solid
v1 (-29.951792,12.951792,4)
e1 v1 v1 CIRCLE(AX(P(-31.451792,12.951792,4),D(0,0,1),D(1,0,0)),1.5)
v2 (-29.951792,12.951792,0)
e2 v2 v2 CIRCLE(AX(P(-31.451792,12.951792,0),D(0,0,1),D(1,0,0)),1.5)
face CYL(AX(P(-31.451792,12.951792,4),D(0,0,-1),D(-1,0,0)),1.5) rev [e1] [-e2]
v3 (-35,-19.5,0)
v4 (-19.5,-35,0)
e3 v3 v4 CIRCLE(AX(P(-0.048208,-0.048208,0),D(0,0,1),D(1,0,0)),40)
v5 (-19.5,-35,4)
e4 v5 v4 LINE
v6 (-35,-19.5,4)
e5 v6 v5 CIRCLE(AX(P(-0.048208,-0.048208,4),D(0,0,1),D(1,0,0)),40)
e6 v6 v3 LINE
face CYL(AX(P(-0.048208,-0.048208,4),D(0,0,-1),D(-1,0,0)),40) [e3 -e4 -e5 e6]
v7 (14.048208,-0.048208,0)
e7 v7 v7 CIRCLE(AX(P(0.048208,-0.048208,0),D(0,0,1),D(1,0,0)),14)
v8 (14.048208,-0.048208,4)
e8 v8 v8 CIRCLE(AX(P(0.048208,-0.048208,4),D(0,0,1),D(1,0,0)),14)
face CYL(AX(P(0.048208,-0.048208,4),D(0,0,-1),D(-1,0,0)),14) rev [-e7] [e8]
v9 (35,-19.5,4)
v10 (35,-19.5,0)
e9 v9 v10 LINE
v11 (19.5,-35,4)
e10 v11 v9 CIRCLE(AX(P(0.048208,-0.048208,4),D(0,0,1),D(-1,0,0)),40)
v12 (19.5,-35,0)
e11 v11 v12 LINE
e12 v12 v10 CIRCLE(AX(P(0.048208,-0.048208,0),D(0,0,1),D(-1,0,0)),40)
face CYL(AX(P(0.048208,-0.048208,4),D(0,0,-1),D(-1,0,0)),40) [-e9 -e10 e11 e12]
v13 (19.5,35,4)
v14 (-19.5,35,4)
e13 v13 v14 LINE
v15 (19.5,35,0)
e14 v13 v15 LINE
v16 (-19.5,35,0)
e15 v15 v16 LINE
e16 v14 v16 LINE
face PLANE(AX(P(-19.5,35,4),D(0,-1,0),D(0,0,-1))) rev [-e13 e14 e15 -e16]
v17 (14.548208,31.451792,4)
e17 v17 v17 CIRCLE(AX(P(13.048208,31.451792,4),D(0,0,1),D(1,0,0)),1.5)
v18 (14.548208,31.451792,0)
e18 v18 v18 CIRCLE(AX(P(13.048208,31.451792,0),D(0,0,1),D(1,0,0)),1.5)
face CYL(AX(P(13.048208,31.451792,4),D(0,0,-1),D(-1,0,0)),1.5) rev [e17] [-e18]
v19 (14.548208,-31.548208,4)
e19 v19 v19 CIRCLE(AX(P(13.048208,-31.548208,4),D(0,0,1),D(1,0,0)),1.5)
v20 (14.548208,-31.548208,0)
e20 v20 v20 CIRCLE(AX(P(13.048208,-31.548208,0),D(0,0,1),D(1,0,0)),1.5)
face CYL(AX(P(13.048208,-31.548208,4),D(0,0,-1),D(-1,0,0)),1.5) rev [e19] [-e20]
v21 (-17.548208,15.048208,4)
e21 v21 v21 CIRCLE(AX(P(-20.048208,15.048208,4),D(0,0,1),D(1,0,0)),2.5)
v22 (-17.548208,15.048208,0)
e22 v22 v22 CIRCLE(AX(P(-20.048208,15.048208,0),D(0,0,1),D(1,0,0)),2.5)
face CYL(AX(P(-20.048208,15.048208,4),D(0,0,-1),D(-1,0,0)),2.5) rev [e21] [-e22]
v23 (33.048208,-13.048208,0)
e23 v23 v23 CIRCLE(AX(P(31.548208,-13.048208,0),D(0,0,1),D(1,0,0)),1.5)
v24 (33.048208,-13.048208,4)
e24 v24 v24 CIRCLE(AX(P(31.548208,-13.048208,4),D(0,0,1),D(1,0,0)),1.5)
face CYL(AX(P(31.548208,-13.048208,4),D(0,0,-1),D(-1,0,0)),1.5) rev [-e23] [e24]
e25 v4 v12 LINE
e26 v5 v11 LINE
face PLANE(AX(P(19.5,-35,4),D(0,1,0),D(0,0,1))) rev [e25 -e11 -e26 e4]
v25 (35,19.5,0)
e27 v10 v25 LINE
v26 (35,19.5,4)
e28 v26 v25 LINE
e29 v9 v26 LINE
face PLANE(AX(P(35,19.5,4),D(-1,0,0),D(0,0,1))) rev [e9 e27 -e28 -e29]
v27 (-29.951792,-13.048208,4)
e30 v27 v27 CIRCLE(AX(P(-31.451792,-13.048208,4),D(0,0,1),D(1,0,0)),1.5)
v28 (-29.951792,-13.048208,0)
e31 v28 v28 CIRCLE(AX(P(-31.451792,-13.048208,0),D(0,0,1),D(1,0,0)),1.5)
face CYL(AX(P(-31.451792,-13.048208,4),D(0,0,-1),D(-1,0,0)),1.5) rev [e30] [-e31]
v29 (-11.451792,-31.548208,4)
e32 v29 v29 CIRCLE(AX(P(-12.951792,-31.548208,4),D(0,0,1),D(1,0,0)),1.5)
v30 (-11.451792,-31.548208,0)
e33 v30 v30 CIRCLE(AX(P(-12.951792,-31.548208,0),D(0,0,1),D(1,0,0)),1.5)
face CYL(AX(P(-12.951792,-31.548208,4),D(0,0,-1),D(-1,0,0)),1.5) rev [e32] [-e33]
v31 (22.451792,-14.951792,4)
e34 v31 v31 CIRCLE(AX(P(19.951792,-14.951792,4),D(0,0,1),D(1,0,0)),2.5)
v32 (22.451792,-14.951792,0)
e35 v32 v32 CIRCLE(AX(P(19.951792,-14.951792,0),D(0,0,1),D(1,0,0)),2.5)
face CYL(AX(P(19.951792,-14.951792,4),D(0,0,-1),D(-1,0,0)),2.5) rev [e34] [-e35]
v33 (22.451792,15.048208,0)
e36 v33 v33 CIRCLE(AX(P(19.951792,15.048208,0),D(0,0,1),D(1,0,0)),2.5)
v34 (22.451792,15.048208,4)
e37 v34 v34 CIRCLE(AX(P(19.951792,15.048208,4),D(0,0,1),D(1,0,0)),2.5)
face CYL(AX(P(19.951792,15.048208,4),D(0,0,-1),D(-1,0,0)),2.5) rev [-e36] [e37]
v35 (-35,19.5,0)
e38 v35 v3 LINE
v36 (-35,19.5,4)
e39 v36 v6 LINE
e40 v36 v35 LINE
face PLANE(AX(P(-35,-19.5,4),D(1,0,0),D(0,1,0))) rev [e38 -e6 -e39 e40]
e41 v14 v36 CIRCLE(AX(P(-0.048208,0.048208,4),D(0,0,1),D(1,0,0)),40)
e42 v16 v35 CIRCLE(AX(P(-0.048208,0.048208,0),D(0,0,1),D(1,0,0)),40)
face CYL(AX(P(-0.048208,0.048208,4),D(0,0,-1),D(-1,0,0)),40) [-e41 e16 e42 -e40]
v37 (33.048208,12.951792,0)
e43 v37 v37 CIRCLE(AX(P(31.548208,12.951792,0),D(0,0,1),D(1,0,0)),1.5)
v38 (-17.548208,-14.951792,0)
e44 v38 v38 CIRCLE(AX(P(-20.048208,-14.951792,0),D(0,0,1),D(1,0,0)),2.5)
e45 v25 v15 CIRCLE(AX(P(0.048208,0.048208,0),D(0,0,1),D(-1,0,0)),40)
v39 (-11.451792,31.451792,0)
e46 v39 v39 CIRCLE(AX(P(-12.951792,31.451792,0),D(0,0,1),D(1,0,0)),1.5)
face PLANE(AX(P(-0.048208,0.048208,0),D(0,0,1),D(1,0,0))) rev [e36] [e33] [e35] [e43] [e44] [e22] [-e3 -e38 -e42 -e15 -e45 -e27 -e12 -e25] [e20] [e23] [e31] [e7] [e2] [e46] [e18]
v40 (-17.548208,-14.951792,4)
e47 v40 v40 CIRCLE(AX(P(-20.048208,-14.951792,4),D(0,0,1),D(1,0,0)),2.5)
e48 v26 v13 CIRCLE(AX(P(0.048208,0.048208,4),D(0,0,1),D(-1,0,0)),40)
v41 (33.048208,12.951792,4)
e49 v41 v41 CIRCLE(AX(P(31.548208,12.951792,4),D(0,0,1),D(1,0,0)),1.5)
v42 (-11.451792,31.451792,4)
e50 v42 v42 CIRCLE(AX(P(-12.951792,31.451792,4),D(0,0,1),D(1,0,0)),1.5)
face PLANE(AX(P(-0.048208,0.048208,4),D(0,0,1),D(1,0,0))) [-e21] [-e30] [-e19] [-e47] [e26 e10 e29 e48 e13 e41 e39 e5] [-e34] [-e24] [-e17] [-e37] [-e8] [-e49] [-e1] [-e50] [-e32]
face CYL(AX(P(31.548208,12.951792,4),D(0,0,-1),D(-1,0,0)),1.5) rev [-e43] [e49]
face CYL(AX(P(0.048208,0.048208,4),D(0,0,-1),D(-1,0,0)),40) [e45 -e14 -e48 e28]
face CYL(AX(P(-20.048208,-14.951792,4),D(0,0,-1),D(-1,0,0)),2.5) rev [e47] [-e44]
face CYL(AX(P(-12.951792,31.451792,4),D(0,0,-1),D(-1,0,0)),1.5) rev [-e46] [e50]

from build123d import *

# Parameters (mm, degrees)
SKETCH1_R           = 2.5
SKETCH1_R_2         = 1.5
SKETCH1_R_3         = 14
BOSS_EXTRUDE1_DEPTH = 4


with BuildPart() as part:
    # Sketch1 → Boss-Extrude1 (new body)
    with BuildSketch(Plane.XY):
        with BuildLine():
            Line((-19.5, 35), (19.5, 35))
            ThreePointArc((19.5, 35), (28.332479027, 28.332479027), (35, 19.5))
            Line((35, 19.5), (35, -19.5))
            ThreePointArc((35, -19.5), (28.332479027, -28.332479027), (19.5, -35))
            Line((19.5, -35), (-19.5, -35))
            ThreePointArc((-19.5, -35), (-28.332479027, -28.332479027), (-35, -19.5))
            Line((-35, -19.5), (-35, 19.5))
            ThreePointArc((-35, 19.5), (-28.332479027, 28.332479027), (-19.5, 35))
        make_face()
        with Locations((-20.04820778, 15.04820778)):
            Circle(SKETCH1_R, mode=Mode.SUBTRACT)
        with Locations((19.95179222, 15.04820778)):
            Circle(SKETCH1_R, mode=Mode.SUBTRACT)
        with Locations((-20.04820778, -14.95179222)):
            Circle(SKETCH1_R, mode=Mode.SUBTRACT)
        with Locations((19.95179222, -14.95179222)):
            Circle(SKETCH1_R, mode=Mode.SUBTRACT)
        with Locations((-12.95179222, 31.45179222)):
            Circle(SKETCH1_R_2, mode=Mode.SUBTRACT)
        with Locations((13.04820778, 31.45179222)):
            Circle(SKETCH1_R_2, mode=Mode.SUBTRACT)
        with Locations((31.54820778, 12.95179222)):
            Circle(SKETCH1_R_2, mode=Mode.SUBTRACT)
        with Locations((31.54820778, -13.04820778)):
            Circle(SKETCH1_R_2, mode=Mode.SUBTRACT)
        with Locations((13.04820778, -31.54820778)):
            Circle(SKETCH1_R_2, mode=Mode.SUBTRACT)
        with Locations((-12.95179222, -31.54820778)):
            Circle(SKETCH1_R_2, mode=Mode.SUBTRACT)
        with Locations((-31.45179222, -13.04820778)):
            Circle(SKETCH1_R_2, mode=Mode.SUBTRACT)
        with Locations((-31.45179222, 12.95179222)):
            Circle(SKETCH1_R_2, mode=Mode.SUBTRACT)
        with Locations((0.04820778, -0.04820778)):
            Circle(SKETCH1_R_3, mode=Mode.SUBTRACT)
    extrude(amount=BOSS_EXTRUDE1_DEPTH)


solid = part.part
